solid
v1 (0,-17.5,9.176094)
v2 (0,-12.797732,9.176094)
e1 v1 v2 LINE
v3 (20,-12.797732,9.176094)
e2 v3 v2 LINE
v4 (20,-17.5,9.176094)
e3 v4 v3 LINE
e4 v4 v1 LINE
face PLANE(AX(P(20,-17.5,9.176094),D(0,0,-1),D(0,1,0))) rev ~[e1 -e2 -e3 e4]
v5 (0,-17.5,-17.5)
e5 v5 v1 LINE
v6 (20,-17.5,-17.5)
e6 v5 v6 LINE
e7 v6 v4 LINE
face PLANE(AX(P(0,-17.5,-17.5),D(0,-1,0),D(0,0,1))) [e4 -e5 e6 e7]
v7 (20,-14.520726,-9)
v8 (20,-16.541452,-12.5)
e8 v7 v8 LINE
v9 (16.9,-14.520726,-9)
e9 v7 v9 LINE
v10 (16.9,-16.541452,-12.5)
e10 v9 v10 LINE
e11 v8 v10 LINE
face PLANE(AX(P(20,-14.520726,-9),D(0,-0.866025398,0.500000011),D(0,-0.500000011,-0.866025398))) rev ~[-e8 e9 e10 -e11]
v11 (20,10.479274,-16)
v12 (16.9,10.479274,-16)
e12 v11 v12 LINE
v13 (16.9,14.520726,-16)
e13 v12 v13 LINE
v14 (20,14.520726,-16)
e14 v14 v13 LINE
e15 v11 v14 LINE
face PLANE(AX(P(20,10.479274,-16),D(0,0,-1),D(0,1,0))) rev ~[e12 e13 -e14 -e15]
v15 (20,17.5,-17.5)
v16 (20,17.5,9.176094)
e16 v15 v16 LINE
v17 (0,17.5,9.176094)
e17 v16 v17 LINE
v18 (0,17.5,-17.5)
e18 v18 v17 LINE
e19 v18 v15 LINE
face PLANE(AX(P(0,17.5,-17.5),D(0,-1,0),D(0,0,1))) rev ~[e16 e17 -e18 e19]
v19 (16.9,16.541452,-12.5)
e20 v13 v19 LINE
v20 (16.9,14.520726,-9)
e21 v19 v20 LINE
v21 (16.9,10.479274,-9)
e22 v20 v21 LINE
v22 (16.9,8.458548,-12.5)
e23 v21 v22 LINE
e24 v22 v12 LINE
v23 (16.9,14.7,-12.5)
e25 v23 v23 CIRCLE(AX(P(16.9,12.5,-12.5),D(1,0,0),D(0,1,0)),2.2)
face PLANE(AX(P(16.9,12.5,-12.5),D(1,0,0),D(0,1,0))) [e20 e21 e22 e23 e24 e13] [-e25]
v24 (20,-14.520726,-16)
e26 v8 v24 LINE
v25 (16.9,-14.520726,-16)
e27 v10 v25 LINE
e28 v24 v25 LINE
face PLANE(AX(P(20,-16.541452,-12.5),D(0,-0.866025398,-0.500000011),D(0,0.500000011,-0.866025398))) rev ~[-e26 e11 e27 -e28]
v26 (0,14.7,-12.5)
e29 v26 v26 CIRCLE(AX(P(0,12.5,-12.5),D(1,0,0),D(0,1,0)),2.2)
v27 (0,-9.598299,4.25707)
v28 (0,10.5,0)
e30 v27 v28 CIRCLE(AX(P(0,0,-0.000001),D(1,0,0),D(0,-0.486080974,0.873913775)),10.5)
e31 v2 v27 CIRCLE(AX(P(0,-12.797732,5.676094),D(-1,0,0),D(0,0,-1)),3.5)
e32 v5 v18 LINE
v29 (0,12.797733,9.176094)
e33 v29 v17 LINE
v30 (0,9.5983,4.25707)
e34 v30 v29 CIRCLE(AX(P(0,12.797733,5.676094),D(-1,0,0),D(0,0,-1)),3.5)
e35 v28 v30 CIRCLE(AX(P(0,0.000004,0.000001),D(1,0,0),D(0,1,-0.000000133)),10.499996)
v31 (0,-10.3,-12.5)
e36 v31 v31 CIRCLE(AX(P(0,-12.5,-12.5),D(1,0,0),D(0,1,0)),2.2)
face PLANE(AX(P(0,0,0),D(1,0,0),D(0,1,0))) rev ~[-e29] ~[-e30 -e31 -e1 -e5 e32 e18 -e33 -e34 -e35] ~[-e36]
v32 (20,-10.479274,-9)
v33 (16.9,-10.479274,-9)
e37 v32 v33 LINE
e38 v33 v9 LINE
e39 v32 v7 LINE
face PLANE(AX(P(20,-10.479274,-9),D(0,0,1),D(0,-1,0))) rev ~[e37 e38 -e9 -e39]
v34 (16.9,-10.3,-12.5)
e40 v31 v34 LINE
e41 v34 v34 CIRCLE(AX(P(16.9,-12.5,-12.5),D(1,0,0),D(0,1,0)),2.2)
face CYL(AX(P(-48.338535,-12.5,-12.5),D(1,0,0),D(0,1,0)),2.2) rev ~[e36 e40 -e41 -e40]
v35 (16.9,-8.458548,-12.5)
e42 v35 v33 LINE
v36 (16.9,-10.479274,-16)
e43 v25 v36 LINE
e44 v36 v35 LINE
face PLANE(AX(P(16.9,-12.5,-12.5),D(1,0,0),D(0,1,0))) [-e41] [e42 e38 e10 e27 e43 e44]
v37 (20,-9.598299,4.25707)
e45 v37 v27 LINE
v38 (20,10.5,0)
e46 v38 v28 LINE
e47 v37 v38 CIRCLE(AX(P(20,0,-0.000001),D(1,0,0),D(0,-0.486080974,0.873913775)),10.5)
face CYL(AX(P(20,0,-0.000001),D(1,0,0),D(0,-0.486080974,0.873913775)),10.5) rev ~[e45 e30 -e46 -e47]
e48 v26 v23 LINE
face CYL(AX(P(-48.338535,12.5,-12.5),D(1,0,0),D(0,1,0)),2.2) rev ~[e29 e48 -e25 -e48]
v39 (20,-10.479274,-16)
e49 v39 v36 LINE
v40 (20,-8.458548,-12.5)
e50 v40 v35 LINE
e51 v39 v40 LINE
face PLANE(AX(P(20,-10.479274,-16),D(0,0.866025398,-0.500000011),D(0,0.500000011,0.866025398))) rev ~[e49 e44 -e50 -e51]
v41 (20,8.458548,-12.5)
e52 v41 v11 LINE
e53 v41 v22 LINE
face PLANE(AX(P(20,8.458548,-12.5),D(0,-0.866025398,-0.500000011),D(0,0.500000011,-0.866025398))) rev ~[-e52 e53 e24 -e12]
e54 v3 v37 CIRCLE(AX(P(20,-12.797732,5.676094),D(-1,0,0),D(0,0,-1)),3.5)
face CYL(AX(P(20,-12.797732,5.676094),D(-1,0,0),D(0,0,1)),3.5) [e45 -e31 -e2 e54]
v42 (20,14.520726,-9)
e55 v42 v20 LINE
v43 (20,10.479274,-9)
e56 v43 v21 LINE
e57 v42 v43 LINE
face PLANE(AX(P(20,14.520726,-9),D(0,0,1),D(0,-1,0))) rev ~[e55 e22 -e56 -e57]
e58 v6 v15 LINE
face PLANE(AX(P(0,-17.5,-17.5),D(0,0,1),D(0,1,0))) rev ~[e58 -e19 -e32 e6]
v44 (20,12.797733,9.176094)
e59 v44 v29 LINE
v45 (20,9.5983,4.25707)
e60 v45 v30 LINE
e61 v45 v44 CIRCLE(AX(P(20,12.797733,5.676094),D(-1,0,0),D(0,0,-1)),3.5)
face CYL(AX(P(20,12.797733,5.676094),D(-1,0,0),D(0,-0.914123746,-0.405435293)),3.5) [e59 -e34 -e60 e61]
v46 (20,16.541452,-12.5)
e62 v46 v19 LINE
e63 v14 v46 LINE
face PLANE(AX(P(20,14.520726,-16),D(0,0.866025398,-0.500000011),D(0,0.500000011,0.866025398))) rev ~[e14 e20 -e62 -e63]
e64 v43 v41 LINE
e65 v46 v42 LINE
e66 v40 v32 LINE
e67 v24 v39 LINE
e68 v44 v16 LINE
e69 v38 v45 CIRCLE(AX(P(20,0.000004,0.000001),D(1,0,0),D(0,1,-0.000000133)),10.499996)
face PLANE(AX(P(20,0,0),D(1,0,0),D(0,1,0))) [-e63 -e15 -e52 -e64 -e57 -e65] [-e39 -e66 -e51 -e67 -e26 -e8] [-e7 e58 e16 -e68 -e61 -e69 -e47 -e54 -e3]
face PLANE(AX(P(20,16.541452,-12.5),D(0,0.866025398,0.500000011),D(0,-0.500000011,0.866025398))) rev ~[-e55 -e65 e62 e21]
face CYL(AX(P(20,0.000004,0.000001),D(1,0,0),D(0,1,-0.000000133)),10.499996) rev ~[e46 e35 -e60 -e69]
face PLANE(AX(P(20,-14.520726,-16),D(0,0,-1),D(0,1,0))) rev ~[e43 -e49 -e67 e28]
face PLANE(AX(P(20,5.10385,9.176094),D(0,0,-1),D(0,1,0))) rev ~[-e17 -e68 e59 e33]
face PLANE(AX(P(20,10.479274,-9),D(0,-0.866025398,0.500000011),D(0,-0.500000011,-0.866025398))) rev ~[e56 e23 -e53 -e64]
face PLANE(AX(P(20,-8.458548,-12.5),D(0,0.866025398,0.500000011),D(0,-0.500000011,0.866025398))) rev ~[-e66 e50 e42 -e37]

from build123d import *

# Parameters (mm, degrees)
F0_W     = 35
F0_H     = 35
F1_DEPTH = 20
F3_DEPTH = 51.098119
F4_R     = 3.5
F6_DEPTH = 3.1
F8_D     = 4.4


with BuildPart() as f1:
    # F0 (on Right) → F1 (new body)
    with BuildSketch(Plane.YZ):
        Rectangle(F0_W, F0_H)
    extrude(amount=F1_DEPTH)

    # F2 (on face) → F3 (cut)
    with BuildSketch(Plane.YZ.offset(20)):
        with BuildLine():
            ThreePointArc((-5.10385, 9.176094), (-5.322573, -9.050979), (10.5, 0))
            ThreePointArc((10.5, 0), (9.050979, 5.322573), (5.10385, 9.176094))
            ThreePointArc((5.10385, 9.176094), (0, 10.5), (-5.10385, 9.176094))
        make_face()
        with BuildLine():
            ThreePointArc((-5.10385, 9.176094), (0, 10.5), (5.10385, 9.176094))
            Line((5.10385, 9.176094), (17.5, 9.176094))
            Line((17.5, 9.176094), (17.5, 17.5))
            Line((17.5, 17.5), (-17.5, 17.5))
            Line((-17.5, 17.5), (-17.5, 9.176094))
            Line((-17.5, 9.176094), (-5.10385, 9.176094))
        make_face()
    extrude(amount=-F3_DEPTH, mode=Mode.SUBTRACT)

    # F4
    f4_edges = [f1.edges().sort_by_distance(p)[0] for p in [
        (10, 5.10385, 9.176094),
        (10, -5.10385, 9.176094),
    ]]
    fillet(f4_edges, radius=F4_R)

    # F5 (on face) → F6 (cut)
    with BuildSketch(Plane.YZ.offset(20)):
        Polygon((10.479274, -16), (14.520726, -16), (16.541452, -12.5), (14.520726, -9), (10.479274, -9), (8.458548, -12.5), align=None)
        Polygon((-8.458548, -12.5), (-10.479274, -9), (-14.520726, -9), (-16.541452, -12.5), (-14.520726, -16), (-10.479274, -16), align=None)
    extrude(amount=-F6_DEPTH, mode=Mode.SUBTRACT)

    # F8 (through all)
    with Locations(Plane(origin=(0, 0, 0), x_dir=(0, -1, 0), z_dir=(-1, 0, 0))):
        with Locations((-12.5, -12.5), (12.5, -12.5)):
            Hole(F8_D / 2)


solid = f1.part
